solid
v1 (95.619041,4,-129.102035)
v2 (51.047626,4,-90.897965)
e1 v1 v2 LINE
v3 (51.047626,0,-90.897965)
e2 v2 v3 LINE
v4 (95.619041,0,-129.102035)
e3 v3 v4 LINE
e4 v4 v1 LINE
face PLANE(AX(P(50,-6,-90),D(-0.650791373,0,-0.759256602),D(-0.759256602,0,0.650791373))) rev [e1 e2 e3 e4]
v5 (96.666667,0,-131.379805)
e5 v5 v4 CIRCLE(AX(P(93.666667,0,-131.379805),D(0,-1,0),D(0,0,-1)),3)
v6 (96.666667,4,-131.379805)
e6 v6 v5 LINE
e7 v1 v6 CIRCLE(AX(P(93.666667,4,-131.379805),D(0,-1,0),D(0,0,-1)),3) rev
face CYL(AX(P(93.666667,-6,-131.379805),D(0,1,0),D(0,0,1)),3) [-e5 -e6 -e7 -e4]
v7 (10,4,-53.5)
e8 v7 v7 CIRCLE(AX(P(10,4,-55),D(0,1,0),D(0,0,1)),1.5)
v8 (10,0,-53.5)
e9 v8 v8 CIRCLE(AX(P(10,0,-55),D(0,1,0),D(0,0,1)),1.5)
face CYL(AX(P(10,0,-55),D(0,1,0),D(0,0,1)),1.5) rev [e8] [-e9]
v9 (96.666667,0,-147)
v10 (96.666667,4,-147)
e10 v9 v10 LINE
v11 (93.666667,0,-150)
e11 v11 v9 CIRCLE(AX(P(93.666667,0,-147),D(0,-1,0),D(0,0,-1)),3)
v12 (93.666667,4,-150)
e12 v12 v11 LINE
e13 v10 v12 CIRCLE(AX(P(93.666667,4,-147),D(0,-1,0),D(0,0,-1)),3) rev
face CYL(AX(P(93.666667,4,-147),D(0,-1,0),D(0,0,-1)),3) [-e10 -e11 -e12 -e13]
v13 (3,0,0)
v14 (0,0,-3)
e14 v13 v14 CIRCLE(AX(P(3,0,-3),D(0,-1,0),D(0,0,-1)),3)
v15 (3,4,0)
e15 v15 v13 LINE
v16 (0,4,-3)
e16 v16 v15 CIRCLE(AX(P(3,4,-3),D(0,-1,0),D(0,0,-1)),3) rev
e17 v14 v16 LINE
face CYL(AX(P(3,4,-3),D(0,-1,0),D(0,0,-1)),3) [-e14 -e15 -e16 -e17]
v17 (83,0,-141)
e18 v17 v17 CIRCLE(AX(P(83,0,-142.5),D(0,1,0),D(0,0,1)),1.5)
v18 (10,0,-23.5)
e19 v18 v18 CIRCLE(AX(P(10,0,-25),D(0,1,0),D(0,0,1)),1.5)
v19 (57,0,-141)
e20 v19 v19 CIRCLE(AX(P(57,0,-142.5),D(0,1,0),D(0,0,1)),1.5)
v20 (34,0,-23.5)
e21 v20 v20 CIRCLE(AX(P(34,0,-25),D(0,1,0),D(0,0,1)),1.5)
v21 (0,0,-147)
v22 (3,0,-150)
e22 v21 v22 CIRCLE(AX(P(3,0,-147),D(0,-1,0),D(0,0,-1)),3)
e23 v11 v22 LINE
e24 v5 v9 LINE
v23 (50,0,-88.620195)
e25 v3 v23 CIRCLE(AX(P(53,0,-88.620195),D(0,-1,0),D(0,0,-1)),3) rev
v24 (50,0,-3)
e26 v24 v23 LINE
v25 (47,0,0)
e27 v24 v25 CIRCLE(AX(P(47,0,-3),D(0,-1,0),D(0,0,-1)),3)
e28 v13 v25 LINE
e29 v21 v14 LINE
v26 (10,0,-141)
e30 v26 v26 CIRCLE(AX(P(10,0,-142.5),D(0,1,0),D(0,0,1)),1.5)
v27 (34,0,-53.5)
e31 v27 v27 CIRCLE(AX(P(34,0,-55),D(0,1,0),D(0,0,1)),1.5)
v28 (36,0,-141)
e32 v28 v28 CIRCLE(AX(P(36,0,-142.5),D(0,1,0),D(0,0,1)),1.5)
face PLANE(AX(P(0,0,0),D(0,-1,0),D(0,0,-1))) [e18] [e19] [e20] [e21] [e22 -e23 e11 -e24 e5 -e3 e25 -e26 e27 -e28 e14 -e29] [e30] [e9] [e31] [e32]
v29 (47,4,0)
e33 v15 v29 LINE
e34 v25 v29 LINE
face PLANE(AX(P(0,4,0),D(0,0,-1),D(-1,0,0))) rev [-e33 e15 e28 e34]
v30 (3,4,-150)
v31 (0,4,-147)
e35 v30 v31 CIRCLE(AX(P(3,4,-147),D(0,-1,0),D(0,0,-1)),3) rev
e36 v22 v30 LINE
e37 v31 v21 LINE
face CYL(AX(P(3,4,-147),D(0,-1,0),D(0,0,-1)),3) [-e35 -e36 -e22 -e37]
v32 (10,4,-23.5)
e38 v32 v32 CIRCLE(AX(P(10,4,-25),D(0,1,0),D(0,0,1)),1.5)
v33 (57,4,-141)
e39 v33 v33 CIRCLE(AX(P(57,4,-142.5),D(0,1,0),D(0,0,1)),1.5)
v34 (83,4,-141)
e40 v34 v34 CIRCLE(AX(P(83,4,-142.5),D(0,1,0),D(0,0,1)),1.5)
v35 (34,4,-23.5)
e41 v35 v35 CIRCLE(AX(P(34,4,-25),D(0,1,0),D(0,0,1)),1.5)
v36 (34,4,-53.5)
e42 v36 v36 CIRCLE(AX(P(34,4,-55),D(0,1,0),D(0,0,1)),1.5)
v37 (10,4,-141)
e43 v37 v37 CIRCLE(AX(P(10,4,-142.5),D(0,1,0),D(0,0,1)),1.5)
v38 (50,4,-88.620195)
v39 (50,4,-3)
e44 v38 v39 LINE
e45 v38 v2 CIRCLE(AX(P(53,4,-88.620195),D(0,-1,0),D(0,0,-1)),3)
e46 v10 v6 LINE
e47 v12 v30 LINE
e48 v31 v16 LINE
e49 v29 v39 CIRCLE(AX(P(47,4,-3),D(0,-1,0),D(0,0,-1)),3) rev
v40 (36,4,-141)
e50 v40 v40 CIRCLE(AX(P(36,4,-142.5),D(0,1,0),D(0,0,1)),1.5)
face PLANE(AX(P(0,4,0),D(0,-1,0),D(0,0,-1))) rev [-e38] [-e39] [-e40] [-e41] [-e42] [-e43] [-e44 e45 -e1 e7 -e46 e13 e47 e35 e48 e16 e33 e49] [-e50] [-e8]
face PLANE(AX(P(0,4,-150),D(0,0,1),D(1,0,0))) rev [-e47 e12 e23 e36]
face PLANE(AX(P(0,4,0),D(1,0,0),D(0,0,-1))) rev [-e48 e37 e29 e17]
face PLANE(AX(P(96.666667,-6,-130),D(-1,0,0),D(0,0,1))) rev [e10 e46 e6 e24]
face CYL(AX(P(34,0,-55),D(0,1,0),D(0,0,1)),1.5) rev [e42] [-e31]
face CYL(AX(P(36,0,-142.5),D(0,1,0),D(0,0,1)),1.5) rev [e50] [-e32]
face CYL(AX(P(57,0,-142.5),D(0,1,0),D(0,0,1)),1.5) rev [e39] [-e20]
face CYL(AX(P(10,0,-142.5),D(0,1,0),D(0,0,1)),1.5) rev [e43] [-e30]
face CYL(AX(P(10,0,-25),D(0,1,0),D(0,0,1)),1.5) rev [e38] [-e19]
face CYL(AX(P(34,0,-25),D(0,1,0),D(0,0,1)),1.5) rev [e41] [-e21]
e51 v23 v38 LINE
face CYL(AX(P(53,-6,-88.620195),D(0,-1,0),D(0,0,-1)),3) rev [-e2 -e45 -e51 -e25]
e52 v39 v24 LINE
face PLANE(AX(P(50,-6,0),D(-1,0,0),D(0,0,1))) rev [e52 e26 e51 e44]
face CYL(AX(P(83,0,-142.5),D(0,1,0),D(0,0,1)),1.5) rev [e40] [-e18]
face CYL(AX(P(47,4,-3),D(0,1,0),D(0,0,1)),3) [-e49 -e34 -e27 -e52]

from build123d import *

# Parameters (mm, degrees)
EXTRUDE_1_DEPTH     = 4
SKETCH_2_R          = 1.5
CUT_EXTRUDE_1_DEPTH = 4
SKETCH_3_R          = 1.5
CUT_EXTRUDE_2_DEPTH = 4
CUT_EXTRUDE_3_DEPTH = 10
CUT_EXTRUDE_5_DEPTH = 10
CUT_EXTRUDE_6_DEPTH = 10
FILLET_1_R          = 3


with BuildPart() as part:
    # 草图1 → 凸台-拉伸1 (new body)
    with BuildSketch(Plane(origin=(0, 0, 0), x_dir=(1, 0, 0), z_dir=(0, 1, 0))):
        Polygon((100, 150), (75, 0), (0, 0), (0, 150), align=None)
    extrude(amount=EXTRUDE_1_DEPTH)

    # 草图2 → 切除-拉伸1 (cut)
    with BuildSketch(Plane(origin=(0, 4, 0), x_dir=(1, 0, 0), z_dir=(0, 1, 0))):
        with Locations(Location((10, 25, 0), (0, 0, 270))):
            Circle(SKETCH_2_R)
        with Locations(Location((34, 55, 0), (0, 0, 270))):
            Circle(SKETCH_2_R)
        with Locations(Location((34, 25, 0), (0, 0, 270))):
            Circle(SKETCH_2_R)
        with Locations(Location((10, 55, 0), (0, 0, 270))):
            Circle(SKETCH_2_R)
    extrude(amount=-CUT_EXTRUDE_1_DEPTH, mode=Mode.SUBTRACT)

    # 草图3 → 切除-拉伸2 (cut)
    with BuildSketch(Plane(origin=(0, 4, 0), x_dir=(1, 0, 0), z_dir=(0, 1, 0))):
        with Locations(Location((10, 142.5, 0), (0, 0, 270))):
            Circle(SKETCH_3_R)
        with Locations(Location((36, 142.5, 0), (0, 0, 270))):
            Circle(SKETCH_3_R)
        with Locations(Location((57, 142.5, 0), (0, 0, 270))):
            Circle(SKETCH_3_R)
        with Locations(Location((83, 142.5, 0), (0, 0, 270))):
            Circle(SKETCH_3_R)
    extrude(amount=-CUT_EXTRUDE_2_DEPTH, mode=Mode.SUBTRACT)

    # 草图4 → 切除-拉伸3 (cut)
    with BuildSketch(Plane(origin=(0, 4, 0), x_dir=(1, 0, 0), z_dir=(0, 1, 0))):
        Polygon((121.630506201, 0), (50, 0), (50, 90), (150.537772798, 90), align=None)
    extrude(amount=-CUT_EXTRUDE_3_DEPTH, mode=Mode.SUBTRACT)

    # 草图5 → 切除-拉伸5 (cut)
    with BuildSketch(Plane(origin=(0, 4, 0), x_dir=(1, 0, 0), z_dir=(0, 1, 0))):
        Polygon((150.2124031, 125.352298199), (66.770540327, 64.546264366), (50, 90), (96.666666667, 130), align=None)
    extrude(amount=-CUT_EXTRUDE_5_DEPTH, mode=Mode.SUBTRACT)

    # 草图6 → 切除-拉伸6 (cut)
    with BuildSketch(Plane(origin=(0, 4, 0), x_dir=(1, 0, 0), z_dir=(0, 1, 0))):
        Polygon((96.666666667, 130), (140.554271479, 130), (107.506476867, 160.861157787), (96.666666667, 160.861157787), align=None)
    extrude(amount=-CUT_EXTRUDE_6_DEPTH, mode=Mode.SUBTRACT)

    # 圆角1
    fillet_1_edges = [part.edges().sort_by_distance(p)[0] for p in [
        (50, 2, -90),
        (50, 2, 0),
        (96.666666667, 2, -130),
        (0, 2, -150),
        (0, 2, 0),
        (96.666666667, 2, -150),
    ]]
    fillet(fillet_1_edges, radius=FILLET_1_R)


solid = part.part
